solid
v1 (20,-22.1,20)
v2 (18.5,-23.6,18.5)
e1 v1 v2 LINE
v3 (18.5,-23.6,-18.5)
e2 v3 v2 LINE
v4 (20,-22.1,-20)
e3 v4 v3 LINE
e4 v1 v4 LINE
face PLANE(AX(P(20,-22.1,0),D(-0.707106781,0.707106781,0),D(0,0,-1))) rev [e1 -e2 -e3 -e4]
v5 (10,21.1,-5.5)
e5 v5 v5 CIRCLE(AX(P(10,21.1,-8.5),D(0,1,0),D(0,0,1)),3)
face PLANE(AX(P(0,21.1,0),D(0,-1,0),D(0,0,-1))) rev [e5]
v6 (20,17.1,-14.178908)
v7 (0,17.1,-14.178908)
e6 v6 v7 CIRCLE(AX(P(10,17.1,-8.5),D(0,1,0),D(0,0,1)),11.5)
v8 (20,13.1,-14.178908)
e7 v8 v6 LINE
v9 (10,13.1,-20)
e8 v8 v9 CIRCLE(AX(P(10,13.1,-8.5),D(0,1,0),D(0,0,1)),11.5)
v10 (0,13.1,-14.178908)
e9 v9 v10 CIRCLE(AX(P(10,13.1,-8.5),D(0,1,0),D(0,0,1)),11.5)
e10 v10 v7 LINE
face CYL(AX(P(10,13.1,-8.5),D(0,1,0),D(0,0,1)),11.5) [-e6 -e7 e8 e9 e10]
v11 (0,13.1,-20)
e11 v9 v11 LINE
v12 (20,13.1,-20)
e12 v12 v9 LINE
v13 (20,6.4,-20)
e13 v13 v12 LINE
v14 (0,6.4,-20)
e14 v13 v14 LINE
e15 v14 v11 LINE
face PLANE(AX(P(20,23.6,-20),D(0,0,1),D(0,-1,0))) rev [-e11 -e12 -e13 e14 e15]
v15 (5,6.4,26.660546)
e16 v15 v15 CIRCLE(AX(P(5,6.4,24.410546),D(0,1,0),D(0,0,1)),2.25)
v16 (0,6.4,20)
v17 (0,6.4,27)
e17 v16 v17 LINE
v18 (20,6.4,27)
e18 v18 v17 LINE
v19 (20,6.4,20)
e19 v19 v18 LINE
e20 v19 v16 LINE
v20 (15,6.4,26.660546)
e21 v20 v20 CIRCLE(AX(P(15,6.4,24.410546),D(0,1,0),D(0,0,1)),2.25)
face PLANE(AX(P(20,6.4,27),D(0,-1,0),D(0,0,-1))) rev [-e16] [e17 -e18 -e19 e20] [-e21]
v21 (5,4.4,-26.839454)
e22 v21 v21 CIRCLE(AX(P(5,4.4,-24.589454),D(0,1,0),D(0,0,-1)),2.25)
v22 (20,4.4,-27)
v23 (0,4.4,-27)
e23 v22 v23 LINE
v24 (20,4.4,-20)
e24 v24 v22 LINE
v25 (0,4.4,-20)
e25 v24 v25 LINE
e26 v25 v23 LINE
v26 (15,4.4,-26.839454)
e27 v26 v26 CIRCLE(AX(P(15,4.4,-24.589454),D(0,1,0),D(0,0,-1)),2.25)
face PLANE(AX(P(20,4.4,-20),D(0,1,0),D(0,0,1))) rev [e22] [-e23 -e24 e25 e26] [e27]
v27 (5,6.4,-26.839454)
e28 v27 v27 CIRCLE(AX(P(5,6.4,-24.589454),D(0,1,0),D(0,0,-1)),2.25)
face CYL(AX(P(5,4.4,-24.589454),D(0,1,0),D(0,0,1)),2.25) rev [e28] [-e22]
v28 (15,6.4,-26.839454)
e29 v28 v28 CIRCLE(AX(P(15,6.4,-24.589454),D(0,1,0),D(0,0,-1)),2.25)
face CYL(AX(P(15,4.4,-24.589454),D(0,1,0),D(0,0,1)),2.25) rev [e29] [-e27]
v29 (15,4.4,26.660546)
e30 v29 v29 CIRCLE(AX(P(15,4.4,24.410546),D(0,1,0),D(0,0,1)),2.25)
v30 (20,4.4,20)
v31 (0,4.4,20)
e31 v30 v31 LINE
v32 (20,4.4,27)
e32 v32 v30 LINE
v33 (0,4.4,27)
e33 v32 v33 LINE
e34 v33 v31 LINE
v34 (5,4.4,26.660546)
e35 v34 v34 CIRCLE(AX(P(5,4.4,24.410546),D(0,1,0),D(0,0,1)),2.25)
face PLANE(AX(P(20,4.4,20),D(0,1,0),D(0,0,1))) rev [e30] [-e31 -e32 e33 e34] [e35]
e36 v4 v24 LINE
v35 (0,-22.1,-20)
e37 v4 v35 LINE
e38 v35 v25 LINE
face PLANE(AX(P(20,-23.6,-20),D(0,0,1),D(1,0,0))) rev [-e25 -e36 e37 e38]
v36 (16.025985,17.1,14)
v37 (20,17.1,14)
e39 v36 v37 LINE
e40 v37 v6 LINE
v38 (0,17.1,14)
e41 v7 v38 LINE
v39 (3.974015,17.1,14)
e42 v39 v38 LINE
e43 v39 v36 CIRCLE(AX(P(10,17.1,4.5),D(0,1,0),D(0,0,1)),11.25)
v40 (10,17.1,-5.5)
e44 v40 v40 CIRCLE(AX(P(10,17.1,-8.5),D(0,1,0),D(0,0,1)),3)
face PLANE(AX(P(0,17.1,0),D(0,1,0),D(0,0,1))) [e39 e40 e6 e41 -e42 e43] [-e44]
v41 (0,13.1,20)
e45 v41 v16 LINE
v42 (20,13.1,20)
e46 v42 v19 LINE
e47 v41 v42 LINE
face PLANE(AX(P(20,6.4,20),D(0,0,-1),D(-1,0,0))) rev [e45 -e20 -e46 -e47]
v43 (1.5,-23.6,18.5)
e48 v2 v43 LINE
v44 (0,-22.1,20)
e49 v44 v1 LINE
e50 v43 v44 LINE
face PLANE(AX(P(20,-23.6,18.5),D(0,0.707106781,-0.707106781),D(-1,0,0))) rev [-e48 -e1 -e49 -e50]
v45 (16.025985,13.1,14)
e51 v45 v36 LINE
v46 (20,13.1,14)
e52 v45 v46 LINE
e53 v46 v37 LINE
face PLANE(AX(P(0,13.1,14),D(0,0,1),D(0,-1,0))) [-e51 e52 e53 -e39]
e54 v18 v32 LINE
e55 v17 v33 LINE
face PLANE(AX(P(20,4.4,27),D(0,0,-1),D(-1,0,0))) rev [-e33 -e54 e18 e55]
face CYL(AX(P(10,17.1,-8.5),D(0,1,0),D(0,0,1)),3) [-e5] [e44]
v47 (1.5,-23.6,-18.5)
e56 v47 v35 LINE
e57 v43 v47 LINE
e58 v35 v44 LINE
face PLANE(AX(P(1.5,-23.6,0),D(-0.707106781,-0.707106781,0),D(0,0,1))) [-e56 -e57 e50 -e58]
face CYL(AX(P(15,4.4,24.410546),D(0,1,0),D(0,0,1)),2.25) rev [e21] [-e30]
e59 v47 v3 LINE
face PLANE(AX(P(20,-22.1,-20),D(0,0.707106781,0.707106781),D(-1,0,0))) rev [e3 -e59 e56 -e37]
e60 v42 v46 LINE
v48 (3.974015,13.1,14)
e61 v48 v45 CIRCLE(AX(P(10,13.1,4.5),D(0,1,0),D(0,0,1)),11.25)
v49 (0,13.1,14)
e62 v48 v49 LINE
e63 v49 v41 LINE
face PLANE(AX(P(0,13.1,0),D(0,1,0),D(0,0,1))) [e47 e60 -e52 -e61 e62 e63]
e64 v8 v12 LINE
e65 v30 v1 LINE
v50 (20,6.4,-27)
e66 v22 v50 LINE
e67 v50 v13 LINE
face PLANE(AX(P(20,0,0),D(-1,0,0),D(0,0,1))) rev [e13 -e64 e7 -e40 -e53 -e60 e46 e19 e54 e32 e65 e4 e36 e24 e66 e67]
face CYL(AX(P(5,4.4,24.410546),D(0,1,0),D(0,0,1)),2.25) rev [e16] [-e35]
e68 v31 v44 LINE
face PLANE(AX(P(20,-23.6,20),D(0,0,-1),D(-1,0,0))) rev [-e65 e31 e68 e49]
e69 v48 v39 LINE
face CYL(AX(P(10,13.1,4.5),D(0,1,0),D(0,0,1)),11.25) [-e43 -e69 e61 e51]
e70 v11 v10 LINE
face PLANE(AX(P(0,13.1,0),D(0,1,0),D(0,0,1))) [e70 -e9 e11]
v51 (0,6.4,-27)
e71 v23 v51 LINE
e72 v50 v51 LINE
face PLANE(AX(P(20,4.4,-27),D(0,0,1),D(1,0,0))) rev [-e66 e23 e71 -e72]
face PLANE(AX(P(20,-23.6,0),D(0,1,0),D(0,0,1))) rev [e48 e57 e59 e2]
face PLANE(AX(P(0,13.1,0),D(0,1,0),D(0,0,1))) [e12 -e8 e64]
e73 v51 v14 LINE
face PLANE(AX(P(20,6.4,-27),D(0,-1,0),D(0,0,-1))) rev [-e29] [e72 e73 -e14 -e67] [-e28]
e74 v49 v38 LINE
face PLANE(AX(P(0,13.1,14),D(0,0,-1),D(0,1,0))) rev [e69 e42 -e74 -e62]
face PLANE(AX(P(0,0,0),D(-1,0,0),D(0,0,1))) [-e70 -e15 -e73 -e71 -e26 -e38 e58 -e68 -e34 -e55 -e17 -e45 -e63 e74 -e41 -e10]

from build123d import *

# Parameters (mm, degrees)
BOSS_EXTRUDE1_DEPTH = 20
SKETCH2_W           = 20
SKETCH2_H           = 40
CUT_EXTRUDE1_DEPTH  = 2.5
SKETCH3_W           = 20
SKETCH3_H           = 40
SKETCH3_R           = 3
CUT_EXTRUDE2_DEPTH  = 4
CUT_EXTRUDE3_DEPTH  = 4
SKETCH5_R           = 2.25
CUT_EXTRUDE4_DEPTH  = 2
CHAMFER1_SIZE       = 1.5


with BuildPart() as part:
    # Sketch1 → Boss-Extrude1 (new body)
    with BuildSketch(Plane(origin=(0, 0, 0), x_dir=(0, 0, -1), z_dir=(1, 0, 0))):
        Polygon((0, -23.6), (20, -23.6), (20, 4.4), (27, 4.4), (27, 6.4), (20, 6.4), (20, 12.4), (20, 23.6), (-20, 23.6), (-20, 12.4), (-20, 6.4), (-27, 6.4), (-27, 4.4), (-20, 4.4), (-20, -23.6), align=None)
    extrude(amount=BOSS_EXTRUDE1_DEPTH)

    # Sketch2 → Cut-Extrude1 (cut)
    with BuildSketch(Plane(origin=(0, 23.6, 0), x_dir=(1, 0, 0), z_dir=(0, 1, 0))):
        with Locations((10, 0)):
            Rectangle(SKETCH2_W, SKETCH2_H)
    extrude(amount=-CUT_EXTRUDE1_DEPTH, mode=Mode.SUBTRACT)

    # Sketch3 → Cut-Extrude2 (cut)
    with BuildSketch(Plane(origin=(0, 21.1, 0), x_dir=(1, 0, 0), z_dir=(0, 1, 0))):
        with Locations((10, 0)):
            Rectangle(SKETCH3_W, SKETCH3_H)
        with Locations(Location((10, 8.5, 0), (0, 0, 270))):
            Circle(SKETCH3_R, mode=Mode.SUBTRACT)
    extrude(amount=-CUT_EXTRUDE2_DEPTH, mode=Mode.SUBTRACT)

    # Sketch4 → Cut-Extrude3 (cut)
    with BuildSketch(Plane(origin=(0, 17.1, 0), x_dir=(1, 0, 0), z_dir=(0, 1, 0))):
        with BuildLine():
            Line((10.000000061, 20), (0, 20))
            Line((0, 20), (0, 14.178908346))
            ThreePointArc((0, 14.178908346), (4.214563395, 18.438748578), (10.000000061, 20))
        make_face()
        with BuildLine():
            Line((20, 20), (10.000000061, 20))
            ThreePointArc((10.000000061, 20), (15.785436657, 18.438748547), (20, 14.178908346))
            Line((20, 14.178908346), (20, 20))
        make_face()
        with BuildLine():
            Line((3.974014603, -14), (0, -14))
            Line((0, -14), (0, -20))
            Line((0, -20), (20, -20))
            Line((20, -20), (20, -14))
            Line((20, -14), (16.025985397, -14))
            ThreePointArc((16.025985397, -14), (10, -15.75), (3.974014603, -14))
        make_face()
    extrude(amount=-CUT_EXTRUDE3_DEPTH, mode=Mode.SUBTRACT)

    # Sketch5 → Cut-Extrude4 (cut)
    with BuildSketch(Plane(origin=(0, 6.4, 0), x_dir=(1, 0, 0), z_dir=(0, 1, 0))):
        with Locations(Location((5, -24.410545827, 0), (0, 0, 270))):
            Circle(SKETCH5_R)
        with Locations(Location((15, -24.410545827, 0), (0, 0, 270))):
            Circle(SKETCH5_R)
        with Locations(Location((15, 24.589454173, 0), (0, 0, 90))):
            Circle(SKETCH5_R)
        with Locations(Location((5, 24.589454173, 0), (0, 0, 90))):
            Circle(SKETCH5_R)
    extrude(amount=-CUT_EXTRUDE4_DEPTH, mode=Mode.SUBTRACT)

    # Chamfer1
    chamfer1_edges = [part.edges().sort_by_distance(p)[0] for p in [
        (0, -23.6, 0),
        (10, -23.6, 20),
        (10, -23.6, -20),
        (20, -23.6, 0),
    ]]
    chamfer(chamfer1_edges, length=CHAMFER1_SIZE)


solid = part.part
